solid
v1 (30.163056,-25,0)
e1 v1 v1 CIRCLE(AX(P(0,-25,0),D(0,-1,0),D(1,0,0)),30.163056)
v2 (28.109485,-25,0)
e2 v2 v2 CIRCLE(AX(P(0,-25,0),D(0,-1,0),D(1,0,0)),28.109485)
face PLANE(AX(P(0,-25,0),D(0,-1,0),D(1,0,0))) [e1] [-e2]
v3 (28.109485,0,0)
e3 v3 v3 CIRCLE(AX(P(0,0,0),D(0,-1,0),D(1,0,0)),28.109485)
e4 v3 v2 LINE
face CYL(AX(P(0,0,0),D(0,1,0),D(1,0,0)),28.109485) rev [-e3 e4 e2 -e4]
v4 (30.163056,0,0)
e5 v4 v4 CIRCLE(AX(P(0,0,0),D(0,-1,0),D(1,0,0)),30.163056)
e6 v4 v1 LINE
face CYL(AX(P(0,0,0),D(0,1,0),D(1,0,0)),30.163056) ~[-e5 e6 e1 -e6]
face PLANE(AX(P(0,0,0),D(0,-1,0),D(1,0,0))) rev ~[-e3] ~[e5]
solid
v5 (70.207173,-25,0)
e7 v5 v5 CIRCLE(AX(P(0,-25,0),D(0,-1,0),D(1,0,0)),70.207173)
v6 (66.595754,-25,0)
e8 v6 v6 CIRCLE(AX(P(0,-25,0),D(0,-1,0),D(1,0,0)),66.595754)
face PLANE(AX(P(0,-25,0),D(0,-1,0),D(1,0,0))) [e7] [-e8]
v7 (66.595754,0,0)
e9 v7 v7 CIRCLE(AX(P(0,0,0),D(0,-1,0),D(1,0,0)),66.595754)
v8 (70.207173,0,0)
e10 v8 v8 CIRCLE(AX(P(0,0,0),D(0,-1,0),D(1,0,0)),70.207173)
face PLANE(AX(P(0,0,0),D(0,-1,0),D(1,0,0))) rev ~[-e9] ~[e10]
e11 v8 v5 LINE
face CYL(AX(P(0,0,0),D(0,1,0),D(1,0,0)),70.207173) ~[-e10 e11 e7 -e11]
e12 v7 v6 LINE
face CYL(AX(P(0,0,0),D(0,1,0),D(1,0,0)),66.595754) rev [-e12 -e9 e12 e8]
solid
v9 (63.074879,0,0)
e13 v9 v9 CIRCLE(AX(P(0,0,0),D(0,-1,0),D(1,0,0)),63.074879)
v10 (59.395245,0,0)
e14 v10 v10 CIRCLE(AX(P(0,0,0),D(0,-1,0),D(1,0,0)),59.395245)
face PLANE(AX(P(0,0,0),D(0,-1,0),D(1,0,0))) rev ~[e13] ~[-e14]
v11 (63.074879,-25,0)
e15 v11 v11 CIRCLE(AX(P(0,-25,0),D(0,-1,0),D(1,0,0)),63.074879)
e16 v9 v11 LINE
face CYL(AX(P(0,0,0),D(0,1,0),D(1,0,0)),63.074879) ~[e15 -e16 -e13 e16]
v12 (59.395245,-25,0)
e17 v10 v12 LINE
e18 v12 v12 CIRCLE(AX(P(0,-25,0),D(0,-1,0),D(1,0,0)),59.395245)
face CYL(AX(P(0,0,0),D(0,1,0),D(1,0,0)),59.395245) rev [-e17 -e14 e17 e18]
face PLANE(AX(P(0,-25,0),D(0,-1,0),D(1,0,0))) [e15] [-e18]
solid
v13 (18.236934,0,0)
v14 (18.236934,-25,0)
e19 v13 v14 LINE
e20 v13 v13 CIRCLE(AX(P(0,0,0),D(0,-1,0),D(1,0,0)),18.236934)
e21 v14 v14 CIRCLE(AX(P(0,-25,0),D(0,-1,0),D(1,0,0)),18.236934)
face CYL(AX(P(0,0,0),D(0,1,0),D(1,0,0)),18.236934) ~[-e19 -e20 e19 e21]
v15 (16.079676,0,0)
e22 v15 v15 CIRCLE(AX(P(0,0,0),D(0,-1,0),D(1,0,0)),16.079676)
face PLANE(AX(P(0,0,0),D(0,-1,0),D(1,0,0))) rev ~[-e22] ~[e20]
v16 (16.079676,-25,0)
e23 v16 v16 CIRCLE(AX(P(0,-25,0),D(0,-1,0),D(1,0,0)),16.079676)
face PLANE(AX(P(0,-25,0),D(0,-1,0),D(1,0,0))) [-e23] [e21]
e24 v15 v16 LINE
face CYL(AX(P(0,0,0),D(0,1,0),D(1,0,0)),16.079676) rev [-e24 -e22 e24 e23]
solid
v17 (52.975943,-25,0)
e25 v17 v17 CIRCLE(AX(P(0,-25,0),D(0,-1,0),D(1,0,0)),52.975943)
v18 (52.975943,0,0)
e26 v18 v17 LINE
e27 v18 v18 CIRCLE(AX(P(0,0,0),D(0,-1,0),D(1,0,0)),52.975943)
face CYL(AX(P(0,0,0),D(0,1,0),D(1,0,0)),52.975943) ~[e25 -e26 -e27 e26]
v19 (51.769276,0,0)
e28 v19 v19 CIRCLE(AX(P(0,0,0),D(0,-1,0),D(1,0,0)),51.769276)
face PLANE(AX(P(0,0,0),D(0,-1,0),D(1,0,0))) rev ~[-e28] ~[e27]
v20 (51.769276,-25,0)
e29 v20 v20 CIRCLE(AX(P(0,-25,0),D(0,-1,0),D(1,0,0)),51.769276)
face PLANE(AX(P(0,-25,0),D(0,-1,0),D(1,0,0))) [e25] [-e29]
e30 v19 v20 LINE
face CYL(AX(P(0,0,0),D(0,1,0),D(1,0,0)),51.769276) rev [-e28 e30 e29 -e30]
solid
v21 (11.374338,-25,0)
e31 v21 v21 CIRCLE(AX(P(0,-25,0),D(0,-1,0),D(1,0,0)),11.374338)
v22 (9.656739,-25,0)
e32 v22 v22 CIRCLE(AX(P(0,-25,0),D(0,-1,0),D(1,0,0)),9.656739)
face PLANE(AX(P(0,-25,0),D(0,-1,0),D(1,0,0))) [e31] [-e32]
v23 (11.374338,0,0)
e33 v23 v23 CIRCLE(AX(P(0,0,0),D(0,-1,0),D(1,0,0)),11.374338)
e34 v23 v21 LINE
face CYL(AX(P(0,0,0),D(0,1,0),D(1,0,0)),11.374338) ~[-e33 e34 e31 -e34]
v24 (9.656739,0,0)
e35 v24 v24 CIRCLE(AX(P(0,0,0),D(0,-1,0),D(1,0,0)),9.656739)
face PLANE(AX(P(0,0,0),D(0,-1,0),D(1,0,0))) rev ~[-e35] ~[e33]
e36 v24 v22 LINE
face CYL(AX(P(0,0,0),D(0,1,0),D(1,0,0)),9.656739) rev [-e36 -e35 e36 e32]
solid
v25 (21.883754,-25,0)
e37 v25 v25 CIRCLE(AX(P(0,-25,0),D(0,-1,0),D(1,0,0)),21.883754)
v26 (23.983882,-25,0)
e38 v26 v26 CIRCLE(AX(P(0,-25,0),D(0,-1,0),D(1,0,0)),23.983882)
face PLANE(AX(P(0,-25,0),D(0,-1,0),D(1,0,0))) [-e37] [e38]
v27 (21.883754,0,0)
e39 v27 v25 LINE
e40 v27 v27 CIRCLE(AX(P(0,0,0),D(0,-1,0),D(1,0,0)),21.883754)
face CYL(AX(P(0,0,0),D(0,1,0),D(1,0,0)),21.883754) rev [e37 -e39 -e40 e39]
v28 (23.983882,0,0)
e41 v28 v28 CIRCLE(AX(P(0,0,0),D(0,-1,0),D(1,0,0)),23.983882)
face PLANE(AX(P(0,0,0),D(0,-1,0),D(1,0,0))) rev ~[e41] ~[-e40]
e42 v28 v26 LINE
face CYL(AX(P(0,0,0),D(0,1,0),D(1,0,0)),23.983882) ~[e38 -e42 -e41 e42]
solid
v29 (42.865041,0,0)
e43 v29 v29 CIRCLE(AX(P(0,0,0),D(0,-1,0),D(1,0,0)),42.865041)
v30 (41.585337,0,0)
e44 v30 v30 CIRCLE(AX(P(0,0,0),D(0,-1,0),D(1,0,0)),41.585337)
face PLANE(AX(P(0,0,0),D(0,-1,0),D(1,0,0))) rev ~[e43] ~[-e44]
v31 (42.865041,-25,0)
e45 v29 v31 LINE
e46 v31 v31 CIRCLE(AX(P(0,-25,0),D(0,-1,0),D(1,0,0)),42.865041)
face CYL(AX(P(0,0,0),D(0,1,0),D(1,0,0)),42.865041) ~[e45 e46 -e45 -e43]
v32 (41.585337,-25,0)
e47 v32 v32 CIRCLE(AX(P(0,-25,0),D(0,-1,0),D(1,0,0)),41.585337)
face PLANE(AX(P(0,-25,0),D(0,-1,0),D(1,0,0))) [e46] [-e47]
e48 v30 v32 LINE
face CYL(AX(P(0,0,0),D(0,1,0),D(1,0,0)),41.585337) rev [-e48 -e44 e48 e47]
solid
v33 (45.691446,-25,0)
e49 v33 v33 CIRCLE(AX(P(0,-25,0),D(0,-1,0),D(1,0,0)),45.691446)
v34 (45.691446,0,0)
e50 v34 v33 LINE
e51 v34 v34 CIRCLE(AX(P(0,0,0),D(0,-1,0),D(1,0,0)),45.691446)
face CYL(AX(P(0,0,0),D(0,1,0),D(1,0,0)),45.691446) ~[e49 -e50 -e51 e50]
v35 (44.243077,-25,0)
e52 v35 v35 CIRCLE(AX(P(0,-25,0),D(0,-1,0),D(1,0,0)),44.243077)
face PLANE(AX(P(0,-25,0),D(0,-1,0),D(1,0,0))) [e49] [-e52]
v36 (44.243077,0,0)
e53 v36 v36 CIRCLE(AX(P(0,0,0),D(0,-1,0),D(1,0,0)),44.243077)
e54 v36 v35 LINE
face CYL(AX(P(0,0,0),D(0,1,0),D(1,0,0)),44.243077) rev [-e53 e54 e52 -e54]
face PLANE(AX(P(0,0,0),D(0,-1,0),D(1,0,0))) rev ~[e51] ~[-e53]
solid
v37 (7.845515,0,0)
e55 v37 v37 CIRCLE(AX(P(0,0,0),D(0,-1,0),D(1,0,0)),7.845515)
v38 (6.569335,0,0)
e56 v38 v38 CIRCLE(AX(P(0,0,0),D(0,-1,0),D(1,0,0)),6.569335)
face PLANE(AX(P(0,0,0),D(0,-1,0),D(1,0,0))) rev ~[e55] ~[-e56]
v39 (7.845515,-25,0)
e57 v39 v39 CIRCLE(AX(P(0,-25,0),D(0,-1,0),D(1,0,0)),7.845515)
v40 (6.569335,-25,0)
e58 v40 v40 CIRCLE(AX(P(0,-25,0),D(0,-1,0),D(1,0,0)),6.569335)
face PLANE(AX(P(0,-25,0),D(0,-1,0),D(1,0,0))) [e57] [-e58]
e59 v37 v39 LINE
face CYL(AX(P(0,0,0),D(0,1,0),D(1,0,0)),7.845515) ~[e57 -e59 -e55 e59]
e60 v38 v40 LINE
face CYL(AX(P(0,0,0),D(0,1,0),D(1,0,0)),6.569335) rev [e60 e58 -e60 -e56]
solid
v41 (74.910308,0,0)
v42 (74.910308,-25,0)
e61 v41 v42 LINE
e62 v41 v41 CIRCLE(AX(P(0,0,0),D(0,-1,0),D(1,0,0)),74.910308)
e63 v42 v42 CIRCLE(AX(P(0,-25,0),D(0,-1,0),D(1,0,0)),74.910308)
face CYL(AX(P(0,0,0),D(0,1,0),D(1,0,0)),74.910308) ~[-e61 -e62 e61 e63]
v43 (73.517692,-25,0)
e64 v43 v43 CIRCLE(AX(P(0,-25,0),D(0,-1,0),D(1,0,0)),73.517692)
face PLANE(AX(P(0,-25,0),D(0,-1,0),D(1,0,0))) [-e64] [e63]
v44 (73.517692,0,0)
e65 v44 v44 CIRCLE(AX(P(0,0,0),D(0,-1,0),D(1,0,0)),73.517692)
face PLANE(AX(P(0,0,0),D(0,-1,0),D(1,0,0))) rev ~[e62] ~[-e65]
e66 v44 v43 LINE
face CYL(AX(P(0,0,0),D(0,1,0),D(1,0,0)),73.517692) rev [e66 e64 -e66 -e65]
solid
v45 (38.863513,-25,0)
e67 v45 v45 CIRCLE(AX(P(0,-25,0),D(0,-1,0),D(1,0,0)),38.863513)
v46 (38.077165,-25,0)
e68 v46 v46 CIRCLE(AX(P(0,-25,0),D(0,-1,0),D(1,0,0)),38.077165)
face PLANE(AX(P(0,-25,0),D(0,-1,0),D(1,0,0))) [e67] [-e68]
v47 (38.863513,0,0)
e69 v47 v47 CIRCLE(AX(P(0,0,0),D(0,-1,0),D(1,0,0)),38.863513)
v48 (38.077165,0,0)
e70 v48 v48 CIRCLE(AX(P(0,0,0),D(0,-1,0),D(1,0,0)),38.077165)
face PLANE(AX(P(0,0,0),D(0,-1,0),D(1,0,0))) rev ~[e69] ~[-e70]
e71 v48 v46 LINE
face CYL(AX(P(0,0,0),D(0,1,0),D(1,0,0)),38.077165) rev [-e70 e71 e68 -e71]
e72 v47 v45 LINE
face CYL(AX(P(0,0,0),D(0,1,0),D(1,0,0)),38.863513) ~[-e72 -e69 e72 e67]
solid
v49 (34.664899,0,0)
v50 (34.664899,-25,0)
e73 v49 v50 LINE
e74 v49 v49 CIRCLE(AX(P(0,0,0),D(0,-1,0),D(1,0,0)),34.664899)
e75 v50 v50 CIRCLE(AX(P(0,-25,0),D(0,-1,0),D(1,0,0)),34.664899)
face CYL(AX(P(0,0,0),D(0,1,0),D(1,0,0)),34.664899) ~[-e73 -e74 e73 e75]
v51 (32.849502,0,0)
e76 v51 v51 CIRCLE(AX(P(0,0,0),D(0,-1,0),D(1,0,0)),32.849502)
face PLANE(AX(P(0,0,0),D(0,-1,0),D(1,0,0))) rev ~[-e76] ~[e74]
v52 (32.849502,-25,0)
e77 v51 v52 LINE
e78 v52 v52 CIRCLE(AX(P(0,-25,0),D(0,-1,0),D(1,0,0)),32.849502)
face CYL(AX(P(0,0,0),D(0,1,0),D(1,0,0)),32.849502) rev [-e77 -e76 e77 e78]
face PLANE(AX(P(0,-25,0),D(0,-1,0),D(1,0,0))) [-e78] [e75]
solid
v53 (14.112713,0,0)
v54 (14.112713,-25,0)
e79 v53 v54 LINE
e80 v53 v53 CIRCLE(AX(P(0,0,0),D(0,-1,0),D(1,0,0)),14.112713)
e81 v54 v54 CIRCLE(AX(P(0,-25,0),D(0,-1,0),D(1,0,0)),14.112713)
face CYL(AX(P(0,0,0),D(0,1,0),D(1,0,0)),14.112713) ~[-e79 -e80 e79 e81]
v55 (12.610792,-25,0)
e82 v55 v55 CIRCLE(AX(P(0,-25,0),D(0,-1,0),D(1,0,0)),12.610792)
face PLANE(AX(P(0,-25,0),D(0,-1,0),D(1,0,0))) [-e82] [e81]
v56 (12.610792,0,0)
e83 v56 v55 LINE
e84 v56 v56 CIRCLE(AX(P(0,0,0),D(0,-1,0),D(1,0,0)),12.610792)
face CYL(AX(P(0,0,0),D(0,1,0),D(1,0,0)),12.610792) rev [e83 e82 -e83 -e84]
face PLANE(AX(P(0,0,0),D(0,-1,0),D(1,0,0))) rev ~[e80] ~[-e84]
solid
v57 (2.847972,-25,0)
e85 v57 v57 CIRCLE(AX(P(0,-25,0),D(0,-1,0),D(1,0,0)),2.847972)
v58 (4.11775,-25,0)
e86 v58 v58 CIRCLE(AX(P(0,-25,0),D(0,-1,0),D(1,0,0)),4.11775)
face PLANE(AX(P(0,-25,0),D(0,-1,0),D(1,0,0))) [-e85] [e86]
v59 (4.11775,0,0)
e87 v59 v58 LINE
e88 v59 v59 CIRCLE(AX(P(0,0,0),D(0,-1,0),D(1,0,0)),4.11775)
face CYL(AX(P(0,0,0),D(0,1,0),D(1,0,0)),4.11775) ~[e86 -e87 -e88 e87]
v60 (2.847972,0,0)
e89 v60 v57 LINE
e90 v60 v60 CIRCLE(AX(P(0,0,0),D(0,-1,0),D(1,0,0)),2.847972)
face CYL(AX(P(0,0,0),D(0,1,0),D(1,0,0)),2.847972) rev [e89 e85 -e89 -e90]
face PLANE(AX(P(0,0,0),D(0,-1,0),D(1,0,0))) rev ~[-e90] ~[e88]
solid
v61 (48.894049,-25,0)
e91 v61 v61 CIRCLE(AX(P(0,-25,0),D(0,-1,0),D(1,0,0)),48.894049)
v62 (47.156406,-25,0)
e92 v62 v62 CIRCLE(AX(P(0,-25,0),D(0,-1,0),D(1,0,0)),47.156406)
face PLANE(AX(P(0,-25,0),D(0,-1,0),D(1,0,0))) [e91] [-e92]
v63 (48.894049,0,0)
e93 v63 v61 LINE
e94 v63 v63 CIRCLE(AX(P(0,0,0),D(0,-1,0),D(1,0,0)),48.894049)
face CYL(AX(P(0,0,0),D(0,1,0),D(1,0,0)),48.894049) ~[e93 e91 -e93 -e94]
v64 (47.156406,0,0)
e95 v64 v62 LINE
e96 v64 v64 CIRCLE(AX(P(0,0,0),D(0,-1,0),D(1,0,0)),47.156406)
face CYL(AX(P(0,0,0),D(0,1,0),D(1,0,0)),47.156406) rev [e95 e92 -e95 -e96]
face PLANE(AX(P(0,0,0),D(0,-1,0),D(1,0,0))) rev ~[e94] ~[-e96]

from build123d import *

# Parameters (mm, degrees)
F0_R     = 74.9103084047
F0_R_2   = 73.5176923739
F1_DEPTH = 25
F0_R_3   = 7.8455148605
F0_R_4   = 6.5693347283
F0_R_5   = 23.9838818871
F0_R_6   = 21.8837536555
F0_R_7   = 34.6648985317
F0_R_8   = 32.8495020624
F0_R_9   = 30.1630557968
F0_R_10  = 28.1094854588
F0_R_11  = 14.1127134637
F0_R_12  = 12.6107916845
F0_R_13  = 11.3743383839
F0_R_14  = 9.6567387311
F0_R_15  = 38.8635130467
F0_R_16  = 38.0771648771
F0_R_17  = 42.8650409326
F0_R_18  = 41.5853372222
F0_R_19  = 48.8940492545
F0_R_20  = 47.1564060025
F0_R_21  = 52.9759434176
F0_R_22  = 51.76927598
F0_R_23  = 63.0748790843
F0_R_24  = 59.3952445262
F0_R_25  = 70.207172613
F0_R_26  = 68.4190396701
F0_R_27  = 66.5957541372
F0_R_28  = 45.691446285
F0_R_29  = 44.2430765985
F0_R_30  = 18.2369338956
F0_R_31  = 16.0796764526
F0_R_32  = 4.1177498865
F0_R_33  = 2.8479717943


with BuildPart() as f1:
    # F0 (on Front) → F1 (new body)
    with BuildSketch(Plane.XZ):
        Circle(F0_R)
        Circle(F0_R_2, mode=Mode.SUBTRACT)
    extrude(amount=F1_DEPTH)


with BuildPart() as f1b:
    # F0 (on Front) → F1, piece 2 (new body)
    with BuildSketch(Plane.XZ):
        Circle(F0_R_3)
        Circle(F0_R_4, mode=Mode.SUBTRACT)
    extrude(amount=F1_DEPTH)


with BuildPart() as f1c:
    # F0 (on Front) → F1, piece 3 (new body)
    with BuildSketch(Plane.XZ):
        Circle(F0_R_5)
        Circle(F0_R_6, mode=Mode.SUBTRACT)
    extrude(amount=F1_DEPTH)


with BuildPart() as f1d:
    # F0 (on Front) → F1, piece 4 (new body)
    with BuildSketch(Plane.XZ):
        Circle(F0_R_7)
        Circle(F0_R_8, mode=Mode.SUBTRACT)
    extrude(amount=F1_DEPTH)


with BuildPart() as f1e:
    # F0 (on Front) → F1, piece 5 (new body)
    with BuildSketch(Plane.XZ):
        Circle(F0_R_9)
        Circle(F0_R_10, mode=Mode.SUBTRACT)
    extrude(amount=F1_DEPTH)


with BuildPart() as f1f:
    # F0 (on Front) → F1, piece 6 (new body)
    with BuildSketch(Plane.XZ):
        Circle(F0_R_11)
        Circle(F0_R_12, mode=Mode.SUBTRACT)
    extrude(amount=F1_DEPTH)


with BuildPart() as f1g:
    # F0 (on Front) → F1, piece 7 (new body)
    with BuildSketch(Plane.XZ):
        Circle(F0_R_13)
        Circle(F0_R_14, mode=Mode.SUBTRACT)
    extrude(amount=F1_DEPTH)


with BuildPart() as f1h:
    # F0 (on Front) → F1, piece 8 (new body)
    with BuildSketch(Plane.XZ):
        Circle(F0_R_15)
        Circle(F0_R_16, mode=Mode.SUBTRACT)
    extrude(amount=F1_DEPTH)


with BuildPart() as f1i:
    # F0 (on Front) → F1, piece 9 (new body)
    with BuildSketch(Plane.XZ):
        Circle(F0_R_17)
        Circle(F0_R_18, mode=Mode.SUBTRACT)
    extrude(amount=F1_DEPTH)


with BuildPart() as f1j:
    # F0 (on Front) → F1, piece 10 (new body)
    with BuildSketch(Plane.XZ):
        Circle(F0_R_19)
        Circle(F0_R_20, mode=Mode.SUBTRACT)
    extrude(amount=F1_DEPTH)


with BuildPart() as f1k:
    # F0 (on Front) → F1, piece 11 (new body)
    with BuildSketch(Plane.XZ):
        Circle(F0_R_21)
        Circle(F0_R_22, mode=Mode.SUBTRACT)
    extrude(amount=F1_DEPTH)


with BuildPart() as f1l:
    # F0 (on Front) → F1, piece 12 (new body)
    with BuildSketch(Plane.XZ):
        Circle(F0_R_23)
        Circle(F0_R_24, mode=Mode.SUBTRACT)
    extrude(amount=F1_DEPTH)


with BuildPart() as f1m:
    # F0 (on Front) → F1, piece 13 (new body)
    with BuildSketch(Plane.XZ):
        Circle(F0_R_25)
        Circle(F0_R_26, mode=Mode.SUBTRACT)
        Circle(F0_R_26)
        Circle(F0_R_27, mode=Mode.SUBTRACT)
    extrude(amount=F1_DEPTH)


with BuildPart() as f1n:
    # F0 (on Front) → F1, piece 14 (new body)
    with BuildSketch(Plane.XZ):
        Circle(F0_R_28)
        Circle(F0_R_29, mode=Mode.SUBTRACT)
    extrude(amount=F1_DEPTH)


with BuildPart() as f1o:
    # F0 (on Front) → F1, piece 15 (new body)
    with BuildSketch(Plane.XZ):
        Circle(F0_R_30)
        Circle(F0_R_31, mode=Mode.SUBTRACT)
    extrude(amount=F1_DEPTH)


with BuildPart() as f1p:
    # F0 (on Front) → F1, piece 16 (new body)
    with BuildSketch(Plane.XZ):
        Circle(F0_R_32)
        Circle(F0_R_33, mode=Mode.SUBTRACT)
    extrude(amount=F1_DEPTH)


solid = Compound([f1.part, f1b.part, f1c.part, f1d.part, f1e.part, f1f.part, f1g.part, f1h.part, f1i.part, f1j.part, f1k.part, f1l.part, f1m.part, f1n.part, f1o.part, f1p.part])
